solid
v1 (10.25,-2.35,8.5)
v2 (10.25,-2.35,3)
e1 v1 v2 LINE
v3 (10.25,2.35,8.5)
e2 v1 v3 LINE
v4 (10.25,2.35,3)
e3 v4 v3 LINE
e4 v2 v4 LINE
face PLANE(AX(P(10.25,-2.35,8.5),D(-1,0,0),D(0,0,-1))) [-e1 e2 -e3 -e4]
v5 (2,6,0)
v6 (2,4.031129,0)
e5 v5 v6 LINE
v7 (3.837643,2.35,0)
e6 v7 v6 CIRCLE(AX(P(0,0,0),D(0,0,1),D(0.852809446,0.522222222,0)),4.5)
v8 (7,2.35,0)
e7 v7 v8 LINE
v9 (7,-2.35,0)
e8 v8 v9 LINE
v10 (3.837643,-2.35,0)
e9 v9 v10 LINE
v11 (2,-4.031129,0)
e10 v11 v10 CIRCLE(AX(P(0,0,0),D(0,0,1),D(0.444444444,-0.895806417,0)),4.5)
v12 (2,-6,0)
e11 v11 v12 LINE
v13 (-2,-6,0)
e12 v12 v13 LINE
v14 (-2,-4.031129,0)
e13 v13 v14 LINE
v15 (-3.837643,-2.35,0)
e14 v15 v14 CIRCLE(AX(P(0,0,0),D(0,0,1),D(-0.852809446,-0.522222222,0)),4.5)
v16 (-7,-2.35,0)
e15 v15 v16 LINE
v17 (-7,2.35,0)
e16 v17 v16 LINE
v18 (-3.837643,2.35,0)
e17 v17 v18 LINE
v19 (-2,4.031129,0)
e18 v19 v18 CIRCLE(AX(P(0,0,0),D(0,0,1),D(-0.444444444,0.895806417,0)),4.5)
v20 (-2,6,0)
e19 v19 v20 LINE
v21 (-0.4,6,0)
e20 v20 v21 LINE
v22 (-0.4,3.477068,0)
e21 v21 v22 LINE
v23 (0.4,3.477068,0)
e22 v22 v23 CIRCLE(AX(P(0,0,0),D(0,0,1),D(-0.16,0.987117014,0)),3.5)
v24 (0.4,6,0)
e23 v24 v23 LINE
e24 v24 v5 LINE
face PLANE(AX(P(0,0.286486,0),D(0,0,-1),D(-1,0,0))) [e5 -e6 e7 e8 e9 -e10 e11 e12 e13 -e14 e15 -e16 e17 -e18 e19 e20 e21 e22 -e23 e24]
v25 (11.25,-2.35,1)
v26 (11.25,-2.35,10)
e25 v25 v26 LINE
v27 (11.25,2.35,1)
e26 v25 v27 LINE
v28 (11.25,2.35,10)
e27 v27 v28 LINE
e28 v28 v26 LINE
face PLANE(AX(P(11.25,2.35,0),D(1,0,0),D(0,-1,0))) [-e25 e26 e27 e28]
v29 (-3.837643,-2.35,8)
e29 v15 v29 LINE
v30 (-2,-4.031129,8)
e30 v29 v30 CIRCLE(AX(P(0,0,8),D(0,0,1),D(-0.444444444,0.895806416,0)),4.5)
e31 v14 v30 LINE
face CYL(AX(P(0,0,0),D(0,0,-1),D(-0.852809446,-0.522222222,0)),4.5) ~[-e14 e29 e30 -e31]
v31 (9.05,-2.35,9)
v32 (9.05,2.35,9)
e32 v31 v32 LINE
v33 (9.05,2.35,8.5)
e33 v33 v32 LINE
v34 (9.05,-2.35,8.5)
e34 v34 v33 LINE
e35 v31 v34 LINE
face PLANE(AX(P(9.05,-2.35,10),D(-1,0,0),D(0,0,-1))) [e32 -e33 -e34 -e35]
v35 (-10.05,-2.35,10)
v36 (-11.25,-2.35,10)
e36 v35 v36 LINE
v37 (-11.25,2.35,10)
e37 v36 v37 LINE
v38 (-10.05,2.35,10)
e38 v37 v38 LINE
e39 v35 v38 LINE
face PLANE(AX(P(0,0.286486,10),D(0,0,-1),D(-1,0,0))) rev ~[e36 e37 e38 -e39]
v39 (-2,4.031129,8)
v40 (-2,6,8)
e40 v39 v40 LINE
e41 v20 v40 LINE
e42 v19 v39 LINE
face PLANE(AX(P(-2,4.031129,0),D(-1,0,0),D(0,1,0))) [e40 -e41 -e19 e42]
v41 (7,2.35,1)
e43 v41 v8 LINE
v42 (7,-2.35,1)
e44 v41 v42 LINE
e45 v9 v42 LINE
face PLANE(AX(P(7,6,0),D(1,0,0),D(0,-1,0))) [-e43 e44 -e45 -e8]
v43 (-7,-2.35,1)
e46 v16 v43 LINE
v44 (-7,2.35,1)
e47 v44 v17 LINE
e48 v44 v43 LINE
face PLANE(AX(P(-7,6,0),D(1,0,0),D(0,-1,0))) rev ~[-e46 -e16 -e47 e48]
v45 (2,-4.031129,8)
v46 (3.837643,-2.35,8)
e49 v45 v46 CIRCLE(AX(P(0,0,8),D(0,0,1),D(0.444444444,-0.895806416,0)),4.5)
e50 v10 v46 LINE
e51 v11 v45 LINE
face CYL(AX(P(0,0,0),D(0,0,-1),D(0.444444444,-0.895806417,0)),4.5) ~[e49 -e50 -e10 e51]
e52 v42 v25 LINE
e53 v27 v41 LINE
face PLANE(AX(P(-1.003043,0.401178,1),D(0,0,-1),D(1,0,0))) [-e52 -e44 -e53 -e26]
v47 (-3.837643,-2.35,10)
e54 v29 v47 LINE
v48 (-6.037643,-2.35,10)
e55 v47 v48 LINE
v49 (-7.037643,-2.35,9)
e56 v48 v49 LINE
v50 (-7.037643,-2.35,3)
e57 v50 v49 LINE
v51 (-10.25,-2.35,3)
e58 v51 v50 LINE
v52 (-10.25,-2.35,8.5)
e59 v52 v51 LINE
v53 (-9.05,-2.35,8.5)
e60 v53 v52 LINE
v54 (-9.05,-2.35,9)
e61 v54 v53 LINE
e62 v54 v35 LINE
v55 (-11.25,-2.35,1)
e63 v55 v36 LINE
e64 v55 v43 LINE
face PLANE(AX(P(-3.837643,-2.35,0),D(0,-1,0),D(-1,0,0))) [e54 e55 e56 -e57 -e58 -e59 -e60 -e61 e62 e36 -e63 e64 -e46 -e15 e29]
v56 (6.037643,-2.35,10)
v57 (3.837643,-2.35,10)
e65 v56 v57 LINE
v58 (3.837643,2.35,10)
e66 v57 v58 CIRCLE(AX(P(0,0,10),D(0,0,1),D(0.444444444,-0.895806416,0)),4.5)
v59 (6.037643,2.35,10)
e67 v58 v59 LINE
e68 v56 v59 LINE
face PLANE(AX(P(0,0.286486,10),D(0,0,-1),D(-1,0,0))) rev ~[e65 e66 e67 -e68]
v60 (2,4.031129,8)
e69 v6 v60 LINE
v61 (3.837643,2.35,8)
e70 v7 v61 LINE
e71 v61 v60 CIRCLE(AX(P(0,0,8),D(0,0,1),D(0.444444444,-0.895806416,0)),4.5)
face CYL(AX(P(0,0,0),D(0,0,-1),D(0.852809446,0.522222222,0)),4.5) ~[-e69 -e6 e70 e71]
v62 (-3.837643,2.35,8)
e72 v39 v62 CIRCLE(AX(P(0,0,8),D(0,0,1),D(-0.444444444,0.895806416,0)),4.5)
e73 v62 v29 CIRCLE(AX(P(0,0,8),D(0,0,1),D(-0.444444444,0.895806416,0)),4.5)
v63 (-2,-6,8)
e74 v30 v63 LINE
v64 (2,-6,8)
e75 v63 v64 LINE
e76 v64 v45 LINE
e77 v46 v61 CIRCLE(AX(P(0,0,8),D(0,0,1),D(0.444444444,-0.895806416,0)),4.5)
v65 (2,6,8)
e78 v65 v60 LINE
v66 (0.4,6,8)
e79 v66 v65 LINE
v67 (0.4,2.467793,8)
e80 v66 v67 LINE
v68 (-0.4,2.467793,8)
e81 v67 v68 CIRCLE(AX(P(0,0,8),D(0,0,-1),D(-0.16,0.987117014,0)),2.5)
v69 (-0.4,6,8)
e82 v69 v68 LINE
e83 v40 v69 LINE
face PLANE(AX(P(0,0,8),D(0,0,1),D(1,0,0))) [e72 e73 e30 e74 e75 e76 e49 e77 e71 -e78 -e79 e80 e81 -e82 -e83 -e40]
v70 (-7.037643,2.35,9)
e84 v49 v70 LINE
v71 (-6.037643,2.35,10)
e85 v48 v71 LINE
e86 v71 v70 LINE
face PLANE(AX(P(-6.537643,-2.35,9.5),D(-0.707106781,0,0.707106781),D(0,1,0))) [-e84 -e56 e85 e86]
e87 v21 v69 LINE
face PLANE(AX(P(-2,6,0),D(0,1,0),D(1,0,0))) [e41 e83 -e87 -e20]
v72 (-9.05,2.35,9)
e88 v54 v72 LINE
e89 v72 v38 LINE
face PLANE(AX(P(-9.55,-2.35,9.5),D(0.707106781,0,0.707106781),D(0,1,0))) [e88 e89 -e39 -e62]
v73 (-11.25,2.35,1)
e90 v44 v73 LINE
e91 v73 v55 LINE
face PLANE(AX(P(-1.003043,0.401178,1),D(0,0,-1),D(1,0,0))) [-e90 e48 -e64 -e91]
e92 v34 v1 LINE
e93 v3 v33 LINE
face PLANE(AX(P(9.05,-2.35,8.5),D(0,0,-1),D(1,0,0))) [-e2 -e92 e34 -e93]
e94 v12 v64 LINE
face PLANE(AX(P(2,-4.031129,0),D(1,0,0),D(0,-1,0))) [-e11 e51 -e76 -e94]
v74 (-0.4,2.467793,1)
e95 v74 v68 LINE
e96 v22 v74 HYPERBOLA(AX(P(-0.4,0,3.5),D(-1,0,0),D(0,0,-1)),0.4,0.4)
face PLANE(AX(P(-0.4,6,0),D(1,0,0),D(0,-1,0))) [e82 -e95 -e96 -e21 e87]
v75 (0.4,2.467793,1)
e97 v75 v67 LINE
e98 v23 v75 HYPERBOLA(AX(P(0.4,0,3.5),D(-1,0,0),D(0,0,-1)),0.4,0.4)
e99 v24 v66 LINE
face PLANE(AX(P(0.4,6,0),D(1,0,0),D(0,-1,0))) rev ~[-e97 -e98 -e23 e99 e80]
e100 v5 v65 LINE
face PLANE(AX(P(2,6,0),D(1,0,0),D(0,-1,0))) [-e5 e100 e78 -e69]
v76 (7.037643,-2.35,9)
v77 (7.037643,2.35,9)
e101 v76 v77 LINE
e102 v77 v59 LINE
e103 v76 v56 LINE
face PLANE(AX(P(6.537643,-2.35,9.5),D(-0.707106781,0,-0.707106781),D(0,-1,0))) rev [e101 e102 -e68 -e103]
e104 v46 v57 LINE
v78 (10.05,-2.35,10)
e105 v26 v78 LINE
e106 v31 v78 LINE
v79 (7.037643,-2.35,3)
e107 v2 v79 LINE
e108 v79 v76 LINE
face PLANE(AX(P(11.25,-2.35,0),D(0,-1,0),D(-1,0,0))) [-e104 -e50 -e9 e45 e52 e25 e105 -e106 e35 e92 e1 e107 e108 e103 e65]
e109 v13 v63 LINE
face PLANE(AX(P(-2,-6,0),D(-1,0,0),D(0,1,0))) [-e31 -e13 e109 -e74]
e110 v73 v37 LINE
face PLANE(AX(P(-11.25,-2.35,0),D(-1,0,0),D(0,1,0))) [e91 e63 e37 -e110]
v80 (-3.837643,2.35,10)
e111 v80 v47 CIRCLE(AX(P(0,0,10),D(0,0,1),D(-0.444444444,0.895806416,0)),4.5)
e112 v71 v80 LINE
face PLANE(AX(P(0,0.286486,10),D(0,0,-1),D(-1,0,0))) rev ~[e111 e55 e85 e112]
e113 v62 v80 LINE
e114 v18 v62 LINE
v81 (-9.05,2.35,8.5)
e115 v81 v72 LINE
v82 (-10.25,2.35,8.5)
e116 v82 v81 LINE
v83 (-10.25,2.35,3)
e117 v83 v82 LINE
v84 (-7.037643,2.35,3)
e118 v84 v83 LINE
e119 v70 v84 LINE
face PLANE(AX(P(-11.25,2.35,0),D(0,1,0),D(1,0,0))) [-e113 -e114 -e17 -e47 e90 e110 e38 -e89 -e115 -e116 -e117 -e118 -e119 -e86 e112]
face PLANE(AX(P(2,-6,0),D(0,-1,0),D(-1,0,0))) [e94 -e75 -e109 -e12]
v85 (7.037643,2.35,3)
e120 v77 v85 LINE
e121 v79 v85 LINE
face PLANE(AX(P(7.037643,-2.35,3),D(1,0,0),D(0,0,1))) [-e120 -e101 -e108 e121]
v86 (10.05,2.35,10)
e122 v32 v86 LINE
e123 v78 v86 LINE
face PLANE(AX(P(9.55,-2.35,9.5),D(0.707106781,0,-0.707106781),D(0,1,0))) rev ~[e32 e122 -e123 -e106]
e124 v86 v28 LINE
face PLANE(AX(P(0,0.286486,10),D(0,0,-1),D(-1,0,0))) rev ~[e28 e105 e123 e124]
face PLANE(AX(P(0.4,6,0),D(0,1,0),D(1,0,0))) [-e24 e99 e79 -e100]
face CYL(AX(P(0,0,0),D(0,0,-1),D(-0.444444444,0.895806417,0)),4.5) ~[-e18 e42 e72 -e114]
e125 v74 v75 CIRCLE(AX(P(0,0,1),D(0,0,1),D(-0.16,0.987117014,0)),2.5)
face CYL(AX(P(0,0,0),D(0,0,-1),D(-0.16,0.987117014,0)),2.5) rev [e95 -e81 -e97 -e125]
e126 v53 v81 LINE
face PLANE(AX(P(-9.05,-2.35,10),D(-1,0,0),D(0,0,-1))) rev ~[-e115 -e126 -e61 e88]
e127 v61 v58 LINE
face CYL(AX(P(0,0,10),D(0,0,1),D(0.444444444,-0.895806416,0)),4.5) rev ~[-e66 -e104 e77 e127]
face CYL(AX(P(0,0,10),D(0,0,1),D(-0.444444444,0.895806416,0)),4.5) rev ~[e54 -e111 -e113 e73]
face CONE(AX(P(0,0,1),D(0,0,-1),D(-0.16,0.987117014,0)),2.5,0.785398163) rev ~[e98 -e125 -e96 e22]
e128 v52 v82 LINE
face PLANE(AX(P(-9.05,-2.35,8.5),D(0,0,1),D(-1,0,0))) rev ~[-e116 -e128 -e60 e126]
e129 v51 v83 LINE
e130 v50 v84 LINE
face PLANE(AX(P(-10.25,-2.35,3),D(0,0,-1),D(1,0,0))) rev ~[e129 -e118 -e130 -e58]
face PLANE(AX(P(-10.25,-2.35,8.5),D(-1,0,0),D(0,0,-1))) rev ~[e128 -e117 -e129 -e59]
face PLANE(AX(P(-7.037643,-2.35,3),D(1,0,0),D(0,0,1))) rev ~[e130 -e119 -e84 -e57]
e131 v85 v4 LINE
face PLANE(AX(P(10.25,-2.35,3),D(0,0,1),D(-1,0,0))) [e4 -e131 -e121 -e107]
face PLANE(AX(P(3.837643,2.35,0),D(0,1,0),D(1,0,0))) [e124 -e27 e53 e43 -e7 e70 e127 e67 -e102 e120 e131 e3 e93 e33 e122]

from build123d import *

# Parameters (mm, degrees)
PAD_DEPTH       = 10
SKETCH001_W     = 28.454584
SKETCH001_H     = 18.079305
SKETCH001_W_2   = 14
SKETCH001_H_2   = 12
POCKET_DEPTH    = 1
POCKET001_DEPTH = 2
POCKET002_DEPTH = 5
CHAMFER_SIZE    = 1
CHAMFER001_SIZE = 1
CHAMFER002_SIZE = 1


with BuildPart() as part:
    # Sketch → Pad (new body)
    with BuildSketch(Plane.XY):
        with BuildLine():
            Line((-11.25, 2.35), (-3.8376425055, 2.35))
            ThreePointArc((-2, 4.0311288741), (-3.0374440042, 3.3202310043), (-3.8376425055, 2.35))
            Line((-2, 4.0311288741), (-2, 6))
            Line((-2, 6), (-0.4, 6))
            Line((-0.4, 6), (-0.4, 2.4677925359))
            ThreePointArc((-0.4, 2.4677925359), (0, -2.5), (0.4, 2.4677925359))
            Line((0.4, 6), (0.4, 2.4677925359))
            Line((0.4, 6), (2, 6))
            Line((2, 6), (2, 4.0311288741))
            ThreePointArc((3.8376425055, 2.35), (3.0374440042, 3.3202310043), (2, 4.0311288741))
            Line((3.8376425055, 2.35), (11.25, 2.35))
            Line((11.25, 2.35), (11.25, -2.35))
            Line((11.25, -2.35), (3.8376425055, -2.35))
            ThreePointArc((2, -4.0311288741), (3.0374440042, -3.3202310043), (3.8376425055, -2.35))
            Line((2, -4.0311288741), (2, -6))
            Line((2, -6), (-2, -6))
            Line((-2, -6), (-2, -4.0311288741))
            ThreePointArc((-3.8376425055, -2.35), (-3.0374440042, -3.3202310043), (-2, -4.0311288741))
            Line((-3.8376425055, -2.35), (-11.25, -2.35))
            Line((-11.25, -2.35), (-11.25, 2.35))
        make_face()
    extrude(amount=PAD_DEPTH)

    # Sketch001 (on Face21 of Pad) → Pocket (cut)
    with BuildSketch(Plane(origin=(0, 0, 0), x_dir=(1, 0, 0), z_dir=(0, 0, -1))):
        with Locations((-1.003043, -0.4011775)):
            Rectangle(SKETCH001_W, SKETCH001_H)
        Rectangle(SKETCH001_W_2, SKETCH001_H_2, mode=Mode.SUBTRACT)
    extrude(amount=-POCKET_DEPTH, mode=Mode.SUBTRACT)

    # Sketch002 (on Face6 of Pocket) → Pocket001 (cut)
    with BuildSketch(Plane.XY.offset(10)):
        with BuildLine():
            ThreePointArc((-2, 4.0311288741), (-4.5, 0), (-2, -4.0311288741))
            Line((-2, -4.0311288741), (-2, -6))
            Line((-2, -6), (2, -6))
            Line((2, -6), (2, -4.0311288741))
            ThreePointArc((2, -4.0311288741), (4.5, 0), (2, 4.0311288741))
            Line((2, 6), (2, 4.0311288741))
            Line((-2, 6), (2, 6))
            Line((-2, 4.0311288741), (-2, 6))
        make_face()
    extrude(amount=-POCKET001_DEPTH, mode=Mode.SUBTRACT)

    # Sketch003 (on Face1 of Pocket001) → Pocket002 (cut)
    with BuildSketch(Plane.XZ.offset(2.35)):
        Polygon((-9.05, 10), (-9.05, 8.5), (-10.25, 8.5), (-10.25, 3), (-7.0376425055, 3), (-7.0376425055, 10), align=None)
        Polygon((9.05, 10), (9.05, 8.5), (10.25, 8.5), (10.25, 3), (7.0376425055, 3), (7.0376425055, 10), align=None)
    extrude(amount=-POCKET002_DEPTH, mode=Mode.SUBTRACT)

    # Chamfer
    chamfer_edges = [part.edges().sort_by_distance(p)[0] for p in [
        (0, -2.5, 0),
    ]]
    chamfer(chamfer_edges, length=CHAMFER_SIZE)

    # Chamfer001
    chamfer001_edges = [part.edges().sort_by_distance(p)[0] for p in [
        (-7.037643, 0, 10),
        (7.037643, 0, 10),
    ]]
    chamfer(chamfer001_edges, length=CHAMFER001_SIZE)

    # Chamfer002
    chamfer002_edges = [part.edges().sort_by_distance(p)[0] for p in [
        (-9.05, 0, 10),
        (9.05, 0, 10),
    ]]
    chamfer(chamfer002_edges, length=CHAMFER002_SIZE)


solid = part.part
